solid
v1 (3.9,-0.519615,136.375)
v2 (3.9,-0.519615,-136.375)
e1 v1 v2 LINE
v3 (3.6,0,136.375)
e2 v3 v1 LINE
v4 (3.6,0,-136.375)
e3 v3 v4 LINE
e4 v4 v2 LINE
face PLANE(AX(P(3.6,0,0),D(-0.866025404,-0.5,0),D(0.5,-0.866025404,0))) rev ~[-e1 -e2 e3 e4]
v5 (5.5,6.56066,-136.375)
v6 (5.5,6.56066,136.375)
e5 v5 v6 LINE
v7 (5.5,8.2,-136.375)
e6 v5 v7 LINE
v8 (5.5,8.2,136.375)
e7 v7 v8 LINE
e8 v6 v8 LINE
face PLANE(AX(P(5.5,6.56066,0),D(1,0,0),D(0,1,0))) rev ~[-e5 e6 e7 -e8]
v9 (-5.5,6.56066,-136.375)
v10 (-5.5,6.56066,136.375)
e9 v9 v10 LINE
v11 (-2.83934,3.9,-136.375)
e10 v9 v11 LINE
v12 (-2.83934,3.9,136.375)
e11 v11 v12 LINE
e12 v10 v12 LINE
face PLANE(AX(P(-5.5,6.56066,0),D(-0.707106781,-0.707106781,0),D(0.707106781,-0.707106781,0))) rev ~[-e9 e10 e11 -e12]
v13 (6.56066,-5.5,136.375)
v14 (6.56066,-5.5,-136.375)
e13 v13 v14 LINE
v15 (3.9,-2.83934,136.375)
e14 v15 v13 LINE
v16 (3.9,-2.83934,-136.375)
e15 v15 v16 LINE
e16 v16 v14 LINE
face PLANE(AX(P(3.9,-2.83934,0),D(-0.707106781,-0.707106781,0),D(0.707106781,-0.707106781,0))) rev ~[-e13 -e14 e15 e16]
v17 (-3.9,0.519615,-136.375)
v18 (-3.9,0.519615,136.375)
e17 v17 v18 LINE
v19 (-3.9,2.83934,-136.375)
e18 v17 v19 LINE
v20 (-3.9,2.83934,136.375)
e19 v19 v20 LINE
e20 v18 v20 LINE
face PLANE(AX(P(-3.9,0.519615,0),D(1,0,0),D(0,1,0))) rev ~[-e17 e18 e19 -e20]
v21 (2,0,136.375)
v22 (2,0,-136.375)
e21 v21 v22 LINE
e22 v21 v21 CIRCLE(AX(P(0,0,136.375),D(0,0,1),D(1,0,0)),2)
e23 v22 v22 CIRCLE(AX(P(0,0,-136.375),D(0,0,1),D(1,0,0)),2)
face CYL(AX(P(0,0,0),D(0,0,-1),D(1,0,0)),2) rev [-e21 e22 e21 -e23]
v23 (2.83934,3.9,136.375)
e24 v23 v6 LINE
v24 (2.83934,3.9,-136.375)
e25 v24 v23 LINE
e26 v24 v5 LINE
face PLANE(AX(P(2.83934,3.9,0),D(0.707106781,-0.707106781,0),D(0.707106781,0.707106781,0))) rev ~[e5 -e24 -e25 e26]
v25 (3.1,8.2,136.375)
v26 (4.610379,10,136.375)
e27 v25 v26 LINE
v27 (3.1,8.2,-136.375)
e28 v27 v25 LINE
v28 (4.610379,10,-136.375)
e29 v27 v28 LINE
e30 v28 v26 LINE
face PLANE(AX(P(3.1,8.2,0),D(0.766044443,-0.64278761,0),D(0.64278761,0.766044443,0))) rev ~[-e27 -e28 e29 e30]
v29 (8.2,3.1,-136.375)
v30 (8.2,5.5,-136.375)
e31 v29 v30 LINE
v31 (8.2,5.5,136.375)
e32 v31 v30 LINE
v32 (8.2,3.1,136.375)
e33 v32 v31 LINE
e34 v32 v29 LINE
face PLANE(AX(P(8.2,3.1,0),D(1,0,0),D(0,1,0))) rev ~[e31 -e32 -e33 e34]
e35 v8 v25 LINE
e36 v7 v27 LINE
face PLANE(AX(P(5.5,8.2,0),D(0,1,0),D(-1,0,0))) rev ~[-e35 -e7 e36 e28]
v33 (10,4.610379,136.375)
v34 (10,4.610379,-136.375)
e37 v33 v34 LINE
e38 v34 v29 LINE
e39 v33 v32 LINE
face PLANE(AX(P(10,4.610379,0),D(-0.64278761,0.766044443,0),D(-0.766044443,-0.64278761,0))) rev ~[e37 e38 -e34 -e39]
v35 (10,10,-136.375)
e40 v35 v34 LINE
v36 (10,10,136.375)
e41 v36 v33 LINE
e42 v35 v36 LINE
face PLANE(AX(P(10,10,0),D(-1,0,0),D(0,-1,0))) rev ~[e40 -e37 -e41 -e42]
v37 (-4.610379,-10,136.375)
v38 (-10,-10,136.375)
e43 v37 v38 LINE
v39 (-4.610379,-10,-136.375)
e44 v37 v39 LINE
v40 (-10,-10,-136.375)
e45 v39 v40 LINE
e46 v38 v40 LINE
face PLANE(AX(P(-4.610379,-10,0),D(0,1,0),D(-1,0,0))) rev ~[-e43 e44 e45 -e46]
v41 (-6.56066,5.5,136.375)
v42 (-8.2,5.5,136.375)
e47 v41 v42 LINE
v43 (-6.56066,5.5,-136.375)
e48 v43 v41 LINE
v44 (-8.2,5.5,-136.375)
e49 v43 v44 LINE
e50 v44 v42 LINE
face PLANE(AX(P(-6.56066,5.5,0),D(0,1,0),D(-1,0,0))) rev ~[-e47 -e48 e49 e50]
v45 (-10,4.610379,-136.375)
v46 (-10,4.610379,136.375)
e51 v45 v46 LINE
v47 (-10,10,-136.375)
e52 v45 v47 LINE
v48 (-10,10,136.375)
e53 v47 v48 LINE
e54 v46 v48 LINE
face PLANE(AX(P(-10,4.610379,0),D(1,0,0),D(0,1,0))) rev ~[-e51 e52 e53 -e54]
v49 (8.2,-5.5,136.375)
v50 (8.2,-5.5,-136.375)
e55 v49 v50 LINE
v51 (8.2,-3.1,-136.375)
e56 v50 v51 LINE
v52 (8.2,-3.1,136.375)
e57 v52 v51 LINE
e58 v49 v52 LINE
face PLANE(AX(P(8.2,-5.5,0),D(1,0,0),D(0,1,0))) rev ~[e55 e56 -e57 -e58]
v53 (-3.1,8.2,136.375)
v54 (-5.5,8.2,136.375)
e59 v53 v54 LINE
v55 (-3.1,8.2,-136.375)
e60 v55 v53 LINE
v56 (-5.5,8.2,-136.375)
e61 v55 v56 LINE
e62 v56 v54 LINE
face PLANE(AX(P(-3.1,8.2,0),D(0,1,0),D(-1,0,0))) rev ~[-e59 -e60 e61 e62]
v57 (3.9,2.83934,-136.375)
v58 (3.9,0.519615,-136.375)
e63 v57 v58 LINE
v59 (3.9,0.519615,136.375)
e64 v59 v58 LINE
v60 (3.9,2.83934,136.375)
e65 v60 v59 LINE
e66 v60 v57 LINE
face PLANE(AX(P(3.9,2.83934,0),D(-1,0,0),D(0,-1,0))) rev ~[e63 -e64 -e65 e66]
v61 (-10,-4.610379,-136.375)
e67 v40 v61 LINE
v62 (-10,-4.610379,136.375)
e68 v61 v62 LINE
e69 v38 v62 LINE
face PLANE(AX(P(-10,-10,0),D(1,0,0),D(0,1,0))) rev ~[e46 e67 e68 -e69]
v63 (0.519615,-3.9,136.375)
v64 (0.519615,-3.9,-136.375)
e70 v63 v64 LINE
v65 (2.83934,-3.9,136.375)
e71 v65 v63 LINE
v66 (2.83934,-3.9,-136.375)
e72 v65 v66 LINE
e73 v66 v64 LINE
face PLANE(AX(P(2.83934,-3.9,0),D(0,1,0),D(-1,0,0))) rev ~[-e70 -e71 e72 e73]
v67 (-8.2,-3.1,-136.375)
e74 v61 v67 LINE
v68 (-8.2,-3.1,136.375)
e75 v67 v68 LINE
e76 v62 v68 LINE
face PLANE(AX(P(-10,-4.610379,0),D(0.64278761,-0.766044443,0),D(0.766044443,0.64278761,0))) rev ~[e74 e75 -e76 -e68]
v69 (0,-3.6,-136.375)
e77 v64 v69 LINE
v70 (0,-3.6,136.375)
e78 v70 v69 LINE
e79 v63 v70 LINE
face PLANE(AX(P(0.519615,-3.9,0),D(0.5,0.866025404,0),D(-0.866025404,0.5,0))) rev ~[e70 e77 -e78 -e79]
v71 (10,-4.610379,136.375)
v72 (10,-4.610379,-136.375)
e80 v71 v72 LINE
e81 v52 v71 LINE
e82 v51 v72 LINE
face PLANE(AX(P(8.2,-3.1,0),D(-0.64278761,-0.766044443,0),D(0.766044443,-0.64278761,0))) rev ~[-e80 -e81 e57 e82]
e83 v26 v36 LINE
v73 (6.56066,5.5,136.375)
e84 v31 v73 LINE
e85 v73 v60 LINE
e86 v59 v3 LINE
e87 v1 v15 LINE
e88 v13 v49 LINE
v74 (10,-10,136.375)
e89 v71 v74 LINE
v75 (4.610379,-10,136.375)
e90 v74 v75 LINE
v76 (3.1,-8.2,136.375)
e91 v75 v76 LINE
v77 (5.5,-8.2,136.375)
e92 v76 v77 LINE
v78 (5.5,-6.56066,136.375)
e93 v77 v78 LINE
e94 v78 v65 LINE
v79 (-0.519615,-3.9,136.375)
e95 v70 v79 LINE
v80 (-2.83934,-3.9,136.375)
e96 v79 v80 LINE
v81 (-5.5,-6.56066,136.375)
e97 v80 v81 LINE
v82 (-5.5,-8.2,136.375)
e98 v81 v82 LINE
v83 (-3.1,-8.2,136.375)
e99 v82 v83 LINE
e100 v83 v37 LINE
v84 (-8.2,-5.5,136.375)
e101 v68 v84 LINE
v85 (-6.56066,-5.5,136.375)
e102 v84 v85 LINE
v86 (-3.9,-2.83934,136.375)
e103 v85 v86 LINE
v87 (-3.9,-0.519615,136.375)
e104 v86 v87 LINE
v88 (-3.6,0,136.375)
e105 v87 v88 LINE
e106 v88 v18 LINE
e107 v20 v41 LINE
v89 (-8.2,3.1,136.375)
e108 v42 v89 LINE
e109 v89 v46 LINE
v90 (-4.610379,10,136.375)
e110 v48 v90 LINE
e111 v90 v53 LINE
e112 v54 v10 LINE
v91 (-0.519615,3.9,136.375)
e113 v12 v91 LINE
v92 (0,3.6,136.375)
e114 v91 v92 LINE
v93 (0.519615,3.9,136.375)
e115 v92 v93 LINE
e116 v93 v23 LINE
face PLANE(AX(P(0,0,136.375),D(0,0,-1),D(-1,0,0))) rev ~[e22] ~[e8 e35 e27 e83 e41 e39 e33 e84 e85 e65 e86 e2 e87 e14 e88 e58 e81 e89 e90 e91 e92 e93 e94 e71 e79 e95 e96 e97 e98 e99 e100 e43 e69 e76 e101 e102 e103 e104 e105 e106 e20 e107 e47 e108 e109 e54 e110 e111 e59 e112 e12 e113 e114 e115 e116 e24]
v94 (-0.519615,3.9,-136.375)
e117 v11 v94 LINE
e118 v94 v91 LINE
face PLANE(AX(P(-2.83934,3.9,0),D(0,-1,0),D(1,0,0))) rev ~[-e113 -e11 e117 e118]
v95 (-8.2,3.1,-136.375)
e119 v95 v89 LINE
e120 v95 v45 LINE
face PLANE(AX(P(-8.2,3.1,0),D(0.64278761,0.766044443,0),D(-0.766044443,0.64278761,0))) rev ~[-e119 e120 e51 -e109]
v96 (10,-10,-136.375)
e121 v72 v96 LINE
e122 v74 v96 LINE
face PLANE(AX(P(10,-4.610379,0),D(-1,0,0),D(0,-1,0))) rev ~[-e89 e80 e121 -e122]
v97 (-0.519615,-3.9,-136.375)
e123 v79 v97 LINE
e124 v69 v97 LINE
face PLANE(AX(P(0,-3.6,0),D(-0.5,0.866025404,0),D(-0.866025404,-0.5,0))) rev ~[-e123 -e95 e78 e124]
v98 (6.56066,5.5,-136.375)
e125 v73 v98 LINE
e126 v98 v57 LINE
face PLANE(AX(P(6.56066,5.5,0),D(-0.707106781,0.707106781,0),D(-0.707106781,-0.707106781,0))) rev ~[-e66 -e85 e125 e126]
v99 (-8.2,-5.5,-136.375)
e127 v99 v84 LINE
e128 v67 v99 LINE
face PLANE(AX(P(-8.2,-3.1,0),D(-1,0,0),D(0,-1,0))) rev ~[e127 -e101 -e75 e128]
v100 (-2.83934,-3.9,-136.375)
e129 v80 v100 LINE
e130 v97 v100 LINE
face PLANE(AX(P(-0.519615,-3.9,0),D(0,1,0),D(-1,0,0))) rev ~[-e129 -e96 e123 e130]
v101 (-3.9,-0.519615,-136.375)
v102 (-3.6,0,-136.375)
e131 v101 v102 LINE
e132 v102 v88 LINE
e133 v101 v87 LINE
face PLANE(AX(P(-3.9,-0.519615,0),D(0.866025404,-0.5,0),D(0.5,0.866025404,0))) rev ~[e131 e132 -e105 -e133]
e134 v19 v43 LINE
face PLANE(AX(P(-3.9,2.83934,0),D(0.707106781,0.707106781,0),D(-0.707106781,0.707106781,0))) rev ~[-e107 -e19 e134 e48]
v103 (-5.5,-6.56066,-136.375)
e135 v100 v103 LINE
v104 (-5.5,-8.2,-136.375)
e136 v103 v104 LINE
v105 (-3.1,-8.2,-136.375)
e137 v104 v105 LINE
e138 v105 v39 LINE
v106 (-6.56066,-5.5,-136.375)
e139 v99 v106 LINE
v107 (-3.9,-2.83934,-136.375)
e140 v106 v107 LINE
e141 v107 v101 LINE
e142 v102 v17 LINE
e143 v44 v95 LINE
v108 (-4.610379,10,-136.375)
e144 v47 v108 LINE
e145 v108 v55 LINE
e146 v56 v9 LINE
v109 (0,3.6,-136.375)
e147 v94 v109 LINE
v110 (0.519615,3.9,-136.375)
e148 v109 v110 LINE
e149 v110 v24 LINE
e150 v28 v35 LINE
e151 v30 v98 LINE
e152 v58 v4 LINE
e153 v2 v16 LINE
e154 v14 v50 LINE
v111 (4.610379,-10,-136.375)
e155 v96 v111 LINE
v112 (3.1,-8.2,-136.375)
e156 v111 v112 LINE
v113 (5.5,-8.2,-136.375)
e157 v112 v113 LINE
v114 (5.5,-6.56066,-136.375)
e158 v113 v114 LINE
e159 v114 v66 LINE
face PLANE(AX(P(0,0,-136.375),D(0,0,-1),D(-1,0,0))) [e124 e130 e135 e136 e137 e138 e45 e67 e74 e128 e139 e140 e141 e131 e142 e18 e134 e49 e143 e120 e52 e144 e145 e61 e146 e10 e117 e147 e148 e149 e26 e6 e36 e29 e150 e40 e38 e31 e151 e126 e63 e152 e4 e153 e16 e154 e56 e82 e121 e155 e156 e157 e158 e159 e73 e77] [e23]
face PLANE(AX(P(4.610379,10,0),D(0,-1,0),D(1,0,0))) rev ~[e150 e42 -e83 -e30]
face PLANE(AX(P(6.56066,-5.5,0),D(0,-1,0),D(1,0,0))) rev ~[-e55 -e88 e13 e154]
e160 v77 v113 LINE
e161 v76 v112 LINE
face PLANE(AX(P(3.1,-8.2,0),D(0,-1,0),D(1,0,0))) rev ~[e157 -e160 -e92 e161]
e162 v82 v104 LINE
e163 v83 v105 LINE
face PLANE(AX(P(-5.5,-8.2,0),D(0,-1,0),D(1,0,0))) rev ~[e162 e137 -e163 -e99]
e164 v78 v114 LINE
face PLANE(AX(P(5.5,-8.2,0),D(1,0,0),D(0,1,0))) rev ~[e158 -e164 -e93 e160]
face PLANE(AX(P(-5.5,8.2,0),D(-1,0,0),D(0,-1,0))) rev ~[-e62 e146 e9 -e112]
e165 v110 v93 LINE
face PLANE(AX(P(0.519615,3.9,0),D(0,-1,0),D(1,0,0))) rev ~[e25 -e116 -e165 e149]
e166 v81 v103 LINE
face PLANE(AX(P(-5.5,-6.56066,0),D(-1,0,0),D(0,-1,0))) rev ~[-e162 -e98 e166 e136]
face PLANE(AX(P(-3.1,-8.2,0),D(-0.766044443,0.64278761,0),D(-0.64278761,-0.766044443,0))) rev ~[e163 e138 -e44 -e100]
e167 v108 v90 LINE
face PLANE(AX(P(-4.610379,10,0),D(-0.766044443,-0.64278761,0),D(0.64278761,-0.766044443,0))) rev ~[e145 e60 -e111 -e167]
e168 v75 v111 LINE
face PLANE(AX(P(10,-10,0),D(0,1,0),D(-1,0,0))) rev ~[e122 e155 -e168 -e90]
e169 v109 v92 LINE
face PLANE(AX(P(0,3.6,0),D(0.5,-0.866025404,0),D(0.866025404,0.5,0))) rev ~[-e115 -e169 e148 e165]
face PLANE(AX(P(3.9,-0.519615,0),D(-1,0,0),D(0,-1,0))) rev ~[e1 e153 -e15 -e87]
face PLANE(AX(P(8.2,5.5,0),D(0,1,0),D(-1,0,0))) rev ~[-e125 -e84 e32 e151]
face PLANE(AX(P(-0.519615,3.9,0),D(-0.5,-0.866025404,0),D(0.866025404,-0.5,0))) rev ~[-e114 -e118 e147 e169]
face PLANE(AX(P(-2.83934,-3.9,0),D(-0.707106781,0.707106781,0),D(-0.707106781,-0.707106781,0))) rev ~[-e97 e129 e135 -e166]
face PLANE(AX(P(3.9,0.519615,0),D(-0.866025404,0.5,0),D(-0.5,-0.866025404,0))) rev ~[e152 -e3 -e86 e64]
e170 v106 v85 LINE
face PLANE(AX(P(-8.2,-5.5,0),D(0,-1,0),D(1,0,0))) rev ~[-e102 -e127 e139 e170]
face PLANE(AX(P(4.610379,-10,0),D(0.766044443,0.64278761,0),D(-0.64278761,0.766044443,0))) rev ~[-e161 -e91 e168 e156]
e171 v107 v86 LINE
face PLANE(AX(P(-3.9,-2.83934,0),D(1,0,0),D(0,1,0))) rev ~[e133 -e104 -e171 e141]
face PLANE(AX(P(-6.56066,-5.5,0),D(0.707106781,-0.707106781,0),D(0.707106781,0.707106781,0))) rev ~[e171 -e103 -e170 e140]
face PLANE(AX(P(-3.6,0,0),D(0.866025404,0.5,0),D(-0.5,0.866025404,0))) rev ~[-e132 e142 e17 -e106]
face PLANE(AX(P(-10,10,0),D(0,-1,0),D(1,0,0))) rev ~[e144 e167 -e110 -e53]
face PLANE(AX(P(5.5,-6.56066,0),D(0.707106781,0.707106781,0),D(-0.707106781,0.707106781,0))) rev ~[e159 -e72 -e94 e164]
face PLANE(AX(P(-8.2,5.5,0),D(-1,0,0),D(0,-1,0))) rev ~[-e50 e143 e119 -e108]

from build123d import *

# Parameters (mm, degrees)
SKETCH1_R           = 2
BOSS_EXTRUDE1_DEPTH = 136.375


with BuildPart() as part:
    # Sketch1 → Boss-Extrude1 (new body, symmetric)
    with BuildSketch(Plane.XY):
        Polygon((10, 10), (10, 4.610379336), (8.2, 3.1), (8.2, 5.5), (6.560660172, 5.5), (3.9, 2.839339828), (3.9, 0.519615242), (3.6, 0), (3.9, -0.519615242), (3.9, -2.839339828), (6.560660172, -5.5), (8.2, -5.5), (8.2, -3.1), (10, -4.610379336), (10, -10), (4.610379336, -10), (3.1, -8.2), (5.5, -8.2), (5.5, -6.560660172), (2.839339828, -3.9), (0.519615242, -3.9), (0, -3.6), (-0.519615242, -3.9), (-2.839339828, -3.9), (-5.5, -6.560660172), (-5.5, -8.2), (-3.1, -8.2), (-4.610379336, -10), (-10, -10), (-10, -4.610379336), (-8.2, -3.1), (-8.2, -5.5), (-6.560660172, -5.5), (-3.9, -2.839339828), (-3.9, -0.519615242), (-3.6, 0), (-3.9, 0.519615242), (-3.9, 2.839339828), (-6.560660172, 5.5), (-8.2, 5.5), (-8.2, 3.1), (-10, 4.610379336), (-10, 10), (-4.610379336, 10), (-3.1, 8.2), (-5.5, 8.2), (-5.5, 6.560660172), (-2.839339828, 3.9), (-0.519615242, 3.9), (0, 3.6), (0.519615242, 3.9), (2.839339828, 3.9), (5.5, 6.560660172), (5.5, 8.2), (3.1, 8.2), (4.610379336, 10), align=None)
        Circle(SKETCH1_R, mode=Mode.SUBTRACT)
    extrude(amount=BOSS_EXTRUDE1_DEPTH, both=True)


solid = part.part
